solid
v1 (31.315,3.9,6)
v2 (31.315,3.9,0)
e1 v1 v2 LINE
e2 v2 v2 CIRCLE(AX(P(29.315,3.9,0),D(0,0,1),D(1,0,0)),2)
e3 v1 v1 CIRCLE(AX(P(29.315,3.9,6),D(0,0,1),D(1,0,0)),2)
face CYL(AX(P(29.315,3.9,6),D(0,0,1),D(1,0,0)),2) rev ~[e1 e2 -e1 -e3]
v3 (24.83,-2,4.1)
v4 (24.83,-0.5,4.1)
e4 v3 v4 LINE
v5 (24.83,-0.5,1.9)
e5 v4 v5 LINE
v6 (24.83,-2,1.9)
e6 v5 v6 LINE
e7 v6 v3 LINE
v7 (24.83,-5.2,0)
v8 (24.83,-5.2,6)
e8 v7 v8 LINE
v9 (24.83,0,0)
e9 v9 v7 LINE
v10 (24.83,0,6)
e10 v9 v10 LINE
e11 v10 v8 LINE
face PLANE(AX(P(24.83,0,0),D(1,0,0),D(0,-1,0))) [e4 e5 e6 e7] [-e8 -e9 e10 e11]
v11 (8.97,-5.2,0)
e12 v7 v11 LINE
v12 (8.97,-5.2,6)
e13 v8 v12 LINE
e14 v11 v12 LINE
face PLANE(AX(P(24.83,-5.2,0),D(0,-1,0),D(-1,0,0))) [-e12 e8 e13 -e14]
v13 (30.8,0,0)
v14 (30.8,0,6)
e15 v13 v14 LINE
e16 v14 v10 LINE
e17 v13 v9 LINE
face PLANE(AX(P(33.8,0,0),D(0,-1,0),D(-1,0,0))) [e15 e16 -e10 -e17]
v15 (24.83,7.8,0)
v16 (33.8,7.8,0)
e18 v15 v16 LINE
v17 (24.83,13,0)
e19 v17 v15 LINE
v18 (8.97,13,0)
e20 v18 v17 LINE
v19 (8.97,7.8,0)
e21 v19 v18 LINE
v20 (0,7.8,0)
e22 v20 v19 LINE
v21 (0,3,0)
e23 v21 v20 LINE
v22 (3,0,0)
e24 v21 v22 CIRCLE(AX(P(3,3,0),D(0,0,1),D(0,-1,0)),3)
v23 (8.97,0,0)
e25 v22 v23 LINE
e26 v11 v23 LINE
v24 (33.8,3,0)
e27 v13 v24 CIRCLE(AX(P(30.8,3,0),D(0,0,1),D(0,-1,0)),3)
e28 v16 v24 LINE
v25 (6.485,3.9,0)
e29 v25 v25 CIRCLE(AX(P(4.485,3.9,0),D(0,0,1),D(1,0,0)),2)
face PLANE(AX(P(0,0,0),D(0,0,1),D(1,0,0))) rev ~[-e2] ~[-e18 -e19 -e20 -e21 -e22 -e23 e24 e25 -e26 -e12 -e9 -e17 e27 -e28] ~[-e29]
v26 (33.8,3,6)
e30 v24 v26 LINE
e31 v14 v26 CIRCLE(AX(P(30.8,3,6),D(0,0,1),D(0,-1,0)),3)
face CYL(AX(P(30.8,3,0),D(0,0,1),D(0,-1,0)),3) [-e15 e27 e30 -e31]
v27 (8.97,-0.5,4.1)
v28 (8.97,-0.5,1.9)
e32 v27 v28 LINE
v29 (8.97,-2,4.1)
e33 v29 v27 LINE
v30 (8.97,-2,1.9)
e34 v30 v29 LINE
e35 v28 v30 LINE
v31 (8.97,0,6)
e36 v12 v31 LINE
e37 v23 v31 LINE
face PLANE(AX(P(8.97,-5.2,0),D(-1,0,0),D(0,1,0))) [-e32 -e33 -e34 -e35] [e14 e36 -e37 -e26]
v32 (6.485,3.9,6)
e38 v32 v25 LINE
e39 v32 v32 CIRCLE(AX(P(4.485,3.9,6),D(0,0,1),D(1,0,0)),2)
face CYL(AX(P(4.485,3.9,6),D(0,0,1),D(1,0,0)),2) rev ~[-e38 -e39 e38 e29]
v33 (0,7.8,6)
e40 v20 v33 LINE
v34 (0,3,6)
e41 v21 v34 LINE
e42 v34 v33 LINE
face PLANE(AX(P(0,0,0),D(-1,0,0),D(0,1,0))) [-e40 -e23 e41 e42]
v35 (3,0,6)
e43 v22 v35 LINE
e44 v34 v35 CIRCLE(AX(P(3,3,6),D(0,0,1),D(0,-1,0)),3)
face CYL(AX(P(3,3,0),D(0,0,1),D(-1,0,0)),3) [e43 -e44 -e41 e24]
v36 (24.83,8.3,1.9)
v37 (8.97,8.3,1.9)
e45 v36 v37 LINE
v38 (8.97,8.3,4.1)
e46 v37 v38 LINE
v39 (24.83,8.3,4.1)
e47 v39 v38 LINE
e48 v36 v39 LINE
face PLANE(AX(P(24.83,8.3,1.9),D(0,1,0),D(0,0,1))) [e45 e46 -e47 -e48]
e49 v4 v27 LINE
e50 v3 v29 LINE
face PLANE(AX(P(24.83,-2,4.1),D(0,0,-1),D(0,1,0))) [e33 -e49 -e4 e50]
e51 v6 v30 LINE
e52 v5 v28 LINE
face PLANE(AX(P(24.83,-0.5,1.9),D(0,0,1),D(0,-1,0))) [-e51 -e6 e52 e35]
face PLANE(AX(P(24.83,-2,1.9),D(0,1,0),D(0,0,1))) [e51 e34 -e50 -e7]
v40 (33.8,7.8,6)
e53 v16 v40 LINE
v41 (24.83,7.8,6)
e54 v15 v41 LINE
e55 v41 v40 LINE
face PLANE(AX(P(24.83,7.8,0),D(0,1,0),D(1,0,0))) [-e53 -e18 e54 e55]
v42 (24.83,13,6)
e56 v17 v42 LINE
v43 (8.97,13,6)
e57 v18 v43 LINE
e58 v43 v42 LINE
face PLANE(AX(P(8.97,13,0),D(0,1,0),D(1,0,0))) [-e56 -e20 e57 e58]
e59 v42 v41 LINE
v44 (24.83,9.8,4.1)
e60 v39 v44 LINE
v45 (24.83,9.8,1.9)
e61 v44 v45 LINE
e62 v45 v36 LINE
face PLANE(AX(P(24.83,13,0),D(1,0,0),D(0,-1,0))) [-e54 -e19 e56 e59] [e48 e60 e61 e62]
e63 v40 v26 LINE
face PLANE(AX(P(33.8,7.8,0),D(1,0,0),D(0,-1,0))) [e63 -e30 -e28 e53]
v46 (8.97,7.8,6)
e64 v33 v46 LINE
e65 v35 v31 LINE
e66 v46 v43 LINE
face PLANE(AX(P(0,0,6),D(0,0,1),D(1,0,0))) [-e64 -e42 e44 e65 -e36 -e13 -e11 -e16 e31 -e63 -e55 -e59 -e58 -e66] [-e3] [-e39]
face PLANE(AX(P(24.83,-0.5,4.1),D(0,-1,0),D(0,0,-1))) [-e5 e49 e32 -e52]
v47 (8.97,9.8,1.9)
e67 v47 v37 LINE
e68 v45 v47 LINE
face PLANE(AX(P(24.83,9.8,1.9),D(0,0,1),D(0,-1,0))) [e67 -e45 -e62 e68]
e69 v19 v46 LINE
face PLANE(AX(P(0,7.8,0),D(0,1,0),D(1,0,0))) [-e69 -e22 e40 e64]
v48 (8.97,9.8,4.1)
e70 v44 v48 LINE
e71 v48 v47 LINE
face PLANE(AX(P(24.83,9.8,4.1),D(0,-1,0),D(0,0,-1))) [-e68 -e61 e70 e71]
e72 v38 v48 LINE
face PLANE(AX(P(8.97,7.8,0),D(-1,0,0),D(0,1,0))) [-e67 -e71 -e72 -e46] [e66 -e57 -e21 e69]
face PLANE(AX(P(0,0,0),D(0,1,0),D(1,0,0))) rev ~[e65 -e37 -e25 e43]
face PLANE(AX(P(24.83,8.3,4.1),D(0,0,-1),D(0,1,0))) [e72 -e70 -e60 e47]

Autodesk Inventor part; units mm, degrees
ref_plane "YZ Plane" through (0, 0, 0) normal (1, 0, 0) x (0, 1, 0)
ref_plane "XZ Plane" through (0, 0, 0) normal (0, 1, 0) x (-1, 0, 0)
ref_plane "XY Plane" through (0, 0, 0) normal (0, 0, 1) x (1, 0, 0)
sketch "Esquisse1" plane through (0, 0, 0) normal (0, 0, 1) x (1, 0, 0)
  line L0 (0, 0) -> (0, 7.8)
  line L1 (0, 7.8) -> (8.97, 7.8)
  line L2 (8.97, 7.8) -> (8.97, 13)
  line L3 (8.97, 13) -> (24.83, 13)
  line L4 (24.83, 13) -> (24.83, 7.8)
  line L5 (24.83, 7.8) -> (33.8, 7.8)
  line L6 (33.8, 7.8) -> (33.8, 0)
  line L7 (33.8, 0) -> (24.83, 0)
  line L8 (24.83, 0) -> (24.83, -5.2)
  line L9 (24.83, -5.2) -> (8.97, -5.2)
  line L10 (8.97, -5.2) -> (8.97, 0)
  line L11 (0, 0) -> (8.97, 0)
  dimension "d0" = 7.8
  dimension "d1" = 7.8
  dimension "d2" = 15.86
  dimension "d3" = 33.8
  dimension "d4" = 18.2
  dimension "d5" = 5.2
  dimension "d6" = 8.97
extrude "Extrusion1" add sketch "Esquisse1" along normal blind 6
sketch "Esquisse2" plane through (0, 0, 6) normal (0, 0, 1) x (1, 0, 0)
  line L0 (0, 7.8) -> (0, 0) construction
  line L1 (0, 0) -> (8.97, 0) construction
  line L2 (0, 7.8) -> (8.97, 0) construction
  line L3 (8.97, 13) -> (8.97, 7.8) construction
  line L4 (8.97, 7.8) -> (0, 0) construction
  line L5 (24.83, 7.8) -> (33.8, 0) construction
  line L6 (33.8, 0) -> (33.8, 7.8) construction
  line L7 (24.83, -5.2) -> (24.83, 0) construction
  line L8 (33.8, 7.8) -> (24.83, 0) construction
  circle A0 centre (4.485, 3.9) radius 2
  circle A1 centre (29.315, 3.9) radius 2
  dimension "d9" = 4
  dimension "d10" = 4
extrude "Extrusion2" cut sketch "Esquisse2" against normal blind 7
fillet "Congé1" radius 3 1 edges at (0, 0, 3)
fillet "Congé2" radius 3 1 edges at (33.8, 0, 3)
sketch "Esquisse3" plane through (24.83, 7.8, 0) normal (1, 0, 0) x (0, 0, -1)
  line L0 (-4.1, 2) -> (-1.9, 2)
  line L1 (-1.9, 2) -> (-1.9, 0.5)
  line L2 (-1.9, 0.5) -> (-4.1, 0.5)
  line L3 (-4.1, 0.5) -> (-4.1, 2)
  line L4 (-4.1, -8.3) -> (-1.9, -8.3)
  line L5 (-1.9, -8.3) -> (-1.9, -9.8)
  line L6 (-1.9, -9.8) -> (-4.1, -9.8)
  line L7 (-4.1, -9.8) -> (-4.1, -8.3)
  line L8 (0, -7.8) -> (-6, -7.8) projected
  line L9 (0, -7.8) -> (0, -13) projected
  line L10 (0, 0) -> (-6, 0) projected
  dimension "d15" = 2.2
  dimension "d16" = 1.5
  dimension "d17" = 0.5
  dimension "d18" = 1.9
  dimension "d19" = 0.5
  dimension "d20" = 1.5
extrude "Extrusion3" cut sketch "Esquisse3" against normal blind 15.86
properties part number "Finger juncture" material "Plastique ABS"
